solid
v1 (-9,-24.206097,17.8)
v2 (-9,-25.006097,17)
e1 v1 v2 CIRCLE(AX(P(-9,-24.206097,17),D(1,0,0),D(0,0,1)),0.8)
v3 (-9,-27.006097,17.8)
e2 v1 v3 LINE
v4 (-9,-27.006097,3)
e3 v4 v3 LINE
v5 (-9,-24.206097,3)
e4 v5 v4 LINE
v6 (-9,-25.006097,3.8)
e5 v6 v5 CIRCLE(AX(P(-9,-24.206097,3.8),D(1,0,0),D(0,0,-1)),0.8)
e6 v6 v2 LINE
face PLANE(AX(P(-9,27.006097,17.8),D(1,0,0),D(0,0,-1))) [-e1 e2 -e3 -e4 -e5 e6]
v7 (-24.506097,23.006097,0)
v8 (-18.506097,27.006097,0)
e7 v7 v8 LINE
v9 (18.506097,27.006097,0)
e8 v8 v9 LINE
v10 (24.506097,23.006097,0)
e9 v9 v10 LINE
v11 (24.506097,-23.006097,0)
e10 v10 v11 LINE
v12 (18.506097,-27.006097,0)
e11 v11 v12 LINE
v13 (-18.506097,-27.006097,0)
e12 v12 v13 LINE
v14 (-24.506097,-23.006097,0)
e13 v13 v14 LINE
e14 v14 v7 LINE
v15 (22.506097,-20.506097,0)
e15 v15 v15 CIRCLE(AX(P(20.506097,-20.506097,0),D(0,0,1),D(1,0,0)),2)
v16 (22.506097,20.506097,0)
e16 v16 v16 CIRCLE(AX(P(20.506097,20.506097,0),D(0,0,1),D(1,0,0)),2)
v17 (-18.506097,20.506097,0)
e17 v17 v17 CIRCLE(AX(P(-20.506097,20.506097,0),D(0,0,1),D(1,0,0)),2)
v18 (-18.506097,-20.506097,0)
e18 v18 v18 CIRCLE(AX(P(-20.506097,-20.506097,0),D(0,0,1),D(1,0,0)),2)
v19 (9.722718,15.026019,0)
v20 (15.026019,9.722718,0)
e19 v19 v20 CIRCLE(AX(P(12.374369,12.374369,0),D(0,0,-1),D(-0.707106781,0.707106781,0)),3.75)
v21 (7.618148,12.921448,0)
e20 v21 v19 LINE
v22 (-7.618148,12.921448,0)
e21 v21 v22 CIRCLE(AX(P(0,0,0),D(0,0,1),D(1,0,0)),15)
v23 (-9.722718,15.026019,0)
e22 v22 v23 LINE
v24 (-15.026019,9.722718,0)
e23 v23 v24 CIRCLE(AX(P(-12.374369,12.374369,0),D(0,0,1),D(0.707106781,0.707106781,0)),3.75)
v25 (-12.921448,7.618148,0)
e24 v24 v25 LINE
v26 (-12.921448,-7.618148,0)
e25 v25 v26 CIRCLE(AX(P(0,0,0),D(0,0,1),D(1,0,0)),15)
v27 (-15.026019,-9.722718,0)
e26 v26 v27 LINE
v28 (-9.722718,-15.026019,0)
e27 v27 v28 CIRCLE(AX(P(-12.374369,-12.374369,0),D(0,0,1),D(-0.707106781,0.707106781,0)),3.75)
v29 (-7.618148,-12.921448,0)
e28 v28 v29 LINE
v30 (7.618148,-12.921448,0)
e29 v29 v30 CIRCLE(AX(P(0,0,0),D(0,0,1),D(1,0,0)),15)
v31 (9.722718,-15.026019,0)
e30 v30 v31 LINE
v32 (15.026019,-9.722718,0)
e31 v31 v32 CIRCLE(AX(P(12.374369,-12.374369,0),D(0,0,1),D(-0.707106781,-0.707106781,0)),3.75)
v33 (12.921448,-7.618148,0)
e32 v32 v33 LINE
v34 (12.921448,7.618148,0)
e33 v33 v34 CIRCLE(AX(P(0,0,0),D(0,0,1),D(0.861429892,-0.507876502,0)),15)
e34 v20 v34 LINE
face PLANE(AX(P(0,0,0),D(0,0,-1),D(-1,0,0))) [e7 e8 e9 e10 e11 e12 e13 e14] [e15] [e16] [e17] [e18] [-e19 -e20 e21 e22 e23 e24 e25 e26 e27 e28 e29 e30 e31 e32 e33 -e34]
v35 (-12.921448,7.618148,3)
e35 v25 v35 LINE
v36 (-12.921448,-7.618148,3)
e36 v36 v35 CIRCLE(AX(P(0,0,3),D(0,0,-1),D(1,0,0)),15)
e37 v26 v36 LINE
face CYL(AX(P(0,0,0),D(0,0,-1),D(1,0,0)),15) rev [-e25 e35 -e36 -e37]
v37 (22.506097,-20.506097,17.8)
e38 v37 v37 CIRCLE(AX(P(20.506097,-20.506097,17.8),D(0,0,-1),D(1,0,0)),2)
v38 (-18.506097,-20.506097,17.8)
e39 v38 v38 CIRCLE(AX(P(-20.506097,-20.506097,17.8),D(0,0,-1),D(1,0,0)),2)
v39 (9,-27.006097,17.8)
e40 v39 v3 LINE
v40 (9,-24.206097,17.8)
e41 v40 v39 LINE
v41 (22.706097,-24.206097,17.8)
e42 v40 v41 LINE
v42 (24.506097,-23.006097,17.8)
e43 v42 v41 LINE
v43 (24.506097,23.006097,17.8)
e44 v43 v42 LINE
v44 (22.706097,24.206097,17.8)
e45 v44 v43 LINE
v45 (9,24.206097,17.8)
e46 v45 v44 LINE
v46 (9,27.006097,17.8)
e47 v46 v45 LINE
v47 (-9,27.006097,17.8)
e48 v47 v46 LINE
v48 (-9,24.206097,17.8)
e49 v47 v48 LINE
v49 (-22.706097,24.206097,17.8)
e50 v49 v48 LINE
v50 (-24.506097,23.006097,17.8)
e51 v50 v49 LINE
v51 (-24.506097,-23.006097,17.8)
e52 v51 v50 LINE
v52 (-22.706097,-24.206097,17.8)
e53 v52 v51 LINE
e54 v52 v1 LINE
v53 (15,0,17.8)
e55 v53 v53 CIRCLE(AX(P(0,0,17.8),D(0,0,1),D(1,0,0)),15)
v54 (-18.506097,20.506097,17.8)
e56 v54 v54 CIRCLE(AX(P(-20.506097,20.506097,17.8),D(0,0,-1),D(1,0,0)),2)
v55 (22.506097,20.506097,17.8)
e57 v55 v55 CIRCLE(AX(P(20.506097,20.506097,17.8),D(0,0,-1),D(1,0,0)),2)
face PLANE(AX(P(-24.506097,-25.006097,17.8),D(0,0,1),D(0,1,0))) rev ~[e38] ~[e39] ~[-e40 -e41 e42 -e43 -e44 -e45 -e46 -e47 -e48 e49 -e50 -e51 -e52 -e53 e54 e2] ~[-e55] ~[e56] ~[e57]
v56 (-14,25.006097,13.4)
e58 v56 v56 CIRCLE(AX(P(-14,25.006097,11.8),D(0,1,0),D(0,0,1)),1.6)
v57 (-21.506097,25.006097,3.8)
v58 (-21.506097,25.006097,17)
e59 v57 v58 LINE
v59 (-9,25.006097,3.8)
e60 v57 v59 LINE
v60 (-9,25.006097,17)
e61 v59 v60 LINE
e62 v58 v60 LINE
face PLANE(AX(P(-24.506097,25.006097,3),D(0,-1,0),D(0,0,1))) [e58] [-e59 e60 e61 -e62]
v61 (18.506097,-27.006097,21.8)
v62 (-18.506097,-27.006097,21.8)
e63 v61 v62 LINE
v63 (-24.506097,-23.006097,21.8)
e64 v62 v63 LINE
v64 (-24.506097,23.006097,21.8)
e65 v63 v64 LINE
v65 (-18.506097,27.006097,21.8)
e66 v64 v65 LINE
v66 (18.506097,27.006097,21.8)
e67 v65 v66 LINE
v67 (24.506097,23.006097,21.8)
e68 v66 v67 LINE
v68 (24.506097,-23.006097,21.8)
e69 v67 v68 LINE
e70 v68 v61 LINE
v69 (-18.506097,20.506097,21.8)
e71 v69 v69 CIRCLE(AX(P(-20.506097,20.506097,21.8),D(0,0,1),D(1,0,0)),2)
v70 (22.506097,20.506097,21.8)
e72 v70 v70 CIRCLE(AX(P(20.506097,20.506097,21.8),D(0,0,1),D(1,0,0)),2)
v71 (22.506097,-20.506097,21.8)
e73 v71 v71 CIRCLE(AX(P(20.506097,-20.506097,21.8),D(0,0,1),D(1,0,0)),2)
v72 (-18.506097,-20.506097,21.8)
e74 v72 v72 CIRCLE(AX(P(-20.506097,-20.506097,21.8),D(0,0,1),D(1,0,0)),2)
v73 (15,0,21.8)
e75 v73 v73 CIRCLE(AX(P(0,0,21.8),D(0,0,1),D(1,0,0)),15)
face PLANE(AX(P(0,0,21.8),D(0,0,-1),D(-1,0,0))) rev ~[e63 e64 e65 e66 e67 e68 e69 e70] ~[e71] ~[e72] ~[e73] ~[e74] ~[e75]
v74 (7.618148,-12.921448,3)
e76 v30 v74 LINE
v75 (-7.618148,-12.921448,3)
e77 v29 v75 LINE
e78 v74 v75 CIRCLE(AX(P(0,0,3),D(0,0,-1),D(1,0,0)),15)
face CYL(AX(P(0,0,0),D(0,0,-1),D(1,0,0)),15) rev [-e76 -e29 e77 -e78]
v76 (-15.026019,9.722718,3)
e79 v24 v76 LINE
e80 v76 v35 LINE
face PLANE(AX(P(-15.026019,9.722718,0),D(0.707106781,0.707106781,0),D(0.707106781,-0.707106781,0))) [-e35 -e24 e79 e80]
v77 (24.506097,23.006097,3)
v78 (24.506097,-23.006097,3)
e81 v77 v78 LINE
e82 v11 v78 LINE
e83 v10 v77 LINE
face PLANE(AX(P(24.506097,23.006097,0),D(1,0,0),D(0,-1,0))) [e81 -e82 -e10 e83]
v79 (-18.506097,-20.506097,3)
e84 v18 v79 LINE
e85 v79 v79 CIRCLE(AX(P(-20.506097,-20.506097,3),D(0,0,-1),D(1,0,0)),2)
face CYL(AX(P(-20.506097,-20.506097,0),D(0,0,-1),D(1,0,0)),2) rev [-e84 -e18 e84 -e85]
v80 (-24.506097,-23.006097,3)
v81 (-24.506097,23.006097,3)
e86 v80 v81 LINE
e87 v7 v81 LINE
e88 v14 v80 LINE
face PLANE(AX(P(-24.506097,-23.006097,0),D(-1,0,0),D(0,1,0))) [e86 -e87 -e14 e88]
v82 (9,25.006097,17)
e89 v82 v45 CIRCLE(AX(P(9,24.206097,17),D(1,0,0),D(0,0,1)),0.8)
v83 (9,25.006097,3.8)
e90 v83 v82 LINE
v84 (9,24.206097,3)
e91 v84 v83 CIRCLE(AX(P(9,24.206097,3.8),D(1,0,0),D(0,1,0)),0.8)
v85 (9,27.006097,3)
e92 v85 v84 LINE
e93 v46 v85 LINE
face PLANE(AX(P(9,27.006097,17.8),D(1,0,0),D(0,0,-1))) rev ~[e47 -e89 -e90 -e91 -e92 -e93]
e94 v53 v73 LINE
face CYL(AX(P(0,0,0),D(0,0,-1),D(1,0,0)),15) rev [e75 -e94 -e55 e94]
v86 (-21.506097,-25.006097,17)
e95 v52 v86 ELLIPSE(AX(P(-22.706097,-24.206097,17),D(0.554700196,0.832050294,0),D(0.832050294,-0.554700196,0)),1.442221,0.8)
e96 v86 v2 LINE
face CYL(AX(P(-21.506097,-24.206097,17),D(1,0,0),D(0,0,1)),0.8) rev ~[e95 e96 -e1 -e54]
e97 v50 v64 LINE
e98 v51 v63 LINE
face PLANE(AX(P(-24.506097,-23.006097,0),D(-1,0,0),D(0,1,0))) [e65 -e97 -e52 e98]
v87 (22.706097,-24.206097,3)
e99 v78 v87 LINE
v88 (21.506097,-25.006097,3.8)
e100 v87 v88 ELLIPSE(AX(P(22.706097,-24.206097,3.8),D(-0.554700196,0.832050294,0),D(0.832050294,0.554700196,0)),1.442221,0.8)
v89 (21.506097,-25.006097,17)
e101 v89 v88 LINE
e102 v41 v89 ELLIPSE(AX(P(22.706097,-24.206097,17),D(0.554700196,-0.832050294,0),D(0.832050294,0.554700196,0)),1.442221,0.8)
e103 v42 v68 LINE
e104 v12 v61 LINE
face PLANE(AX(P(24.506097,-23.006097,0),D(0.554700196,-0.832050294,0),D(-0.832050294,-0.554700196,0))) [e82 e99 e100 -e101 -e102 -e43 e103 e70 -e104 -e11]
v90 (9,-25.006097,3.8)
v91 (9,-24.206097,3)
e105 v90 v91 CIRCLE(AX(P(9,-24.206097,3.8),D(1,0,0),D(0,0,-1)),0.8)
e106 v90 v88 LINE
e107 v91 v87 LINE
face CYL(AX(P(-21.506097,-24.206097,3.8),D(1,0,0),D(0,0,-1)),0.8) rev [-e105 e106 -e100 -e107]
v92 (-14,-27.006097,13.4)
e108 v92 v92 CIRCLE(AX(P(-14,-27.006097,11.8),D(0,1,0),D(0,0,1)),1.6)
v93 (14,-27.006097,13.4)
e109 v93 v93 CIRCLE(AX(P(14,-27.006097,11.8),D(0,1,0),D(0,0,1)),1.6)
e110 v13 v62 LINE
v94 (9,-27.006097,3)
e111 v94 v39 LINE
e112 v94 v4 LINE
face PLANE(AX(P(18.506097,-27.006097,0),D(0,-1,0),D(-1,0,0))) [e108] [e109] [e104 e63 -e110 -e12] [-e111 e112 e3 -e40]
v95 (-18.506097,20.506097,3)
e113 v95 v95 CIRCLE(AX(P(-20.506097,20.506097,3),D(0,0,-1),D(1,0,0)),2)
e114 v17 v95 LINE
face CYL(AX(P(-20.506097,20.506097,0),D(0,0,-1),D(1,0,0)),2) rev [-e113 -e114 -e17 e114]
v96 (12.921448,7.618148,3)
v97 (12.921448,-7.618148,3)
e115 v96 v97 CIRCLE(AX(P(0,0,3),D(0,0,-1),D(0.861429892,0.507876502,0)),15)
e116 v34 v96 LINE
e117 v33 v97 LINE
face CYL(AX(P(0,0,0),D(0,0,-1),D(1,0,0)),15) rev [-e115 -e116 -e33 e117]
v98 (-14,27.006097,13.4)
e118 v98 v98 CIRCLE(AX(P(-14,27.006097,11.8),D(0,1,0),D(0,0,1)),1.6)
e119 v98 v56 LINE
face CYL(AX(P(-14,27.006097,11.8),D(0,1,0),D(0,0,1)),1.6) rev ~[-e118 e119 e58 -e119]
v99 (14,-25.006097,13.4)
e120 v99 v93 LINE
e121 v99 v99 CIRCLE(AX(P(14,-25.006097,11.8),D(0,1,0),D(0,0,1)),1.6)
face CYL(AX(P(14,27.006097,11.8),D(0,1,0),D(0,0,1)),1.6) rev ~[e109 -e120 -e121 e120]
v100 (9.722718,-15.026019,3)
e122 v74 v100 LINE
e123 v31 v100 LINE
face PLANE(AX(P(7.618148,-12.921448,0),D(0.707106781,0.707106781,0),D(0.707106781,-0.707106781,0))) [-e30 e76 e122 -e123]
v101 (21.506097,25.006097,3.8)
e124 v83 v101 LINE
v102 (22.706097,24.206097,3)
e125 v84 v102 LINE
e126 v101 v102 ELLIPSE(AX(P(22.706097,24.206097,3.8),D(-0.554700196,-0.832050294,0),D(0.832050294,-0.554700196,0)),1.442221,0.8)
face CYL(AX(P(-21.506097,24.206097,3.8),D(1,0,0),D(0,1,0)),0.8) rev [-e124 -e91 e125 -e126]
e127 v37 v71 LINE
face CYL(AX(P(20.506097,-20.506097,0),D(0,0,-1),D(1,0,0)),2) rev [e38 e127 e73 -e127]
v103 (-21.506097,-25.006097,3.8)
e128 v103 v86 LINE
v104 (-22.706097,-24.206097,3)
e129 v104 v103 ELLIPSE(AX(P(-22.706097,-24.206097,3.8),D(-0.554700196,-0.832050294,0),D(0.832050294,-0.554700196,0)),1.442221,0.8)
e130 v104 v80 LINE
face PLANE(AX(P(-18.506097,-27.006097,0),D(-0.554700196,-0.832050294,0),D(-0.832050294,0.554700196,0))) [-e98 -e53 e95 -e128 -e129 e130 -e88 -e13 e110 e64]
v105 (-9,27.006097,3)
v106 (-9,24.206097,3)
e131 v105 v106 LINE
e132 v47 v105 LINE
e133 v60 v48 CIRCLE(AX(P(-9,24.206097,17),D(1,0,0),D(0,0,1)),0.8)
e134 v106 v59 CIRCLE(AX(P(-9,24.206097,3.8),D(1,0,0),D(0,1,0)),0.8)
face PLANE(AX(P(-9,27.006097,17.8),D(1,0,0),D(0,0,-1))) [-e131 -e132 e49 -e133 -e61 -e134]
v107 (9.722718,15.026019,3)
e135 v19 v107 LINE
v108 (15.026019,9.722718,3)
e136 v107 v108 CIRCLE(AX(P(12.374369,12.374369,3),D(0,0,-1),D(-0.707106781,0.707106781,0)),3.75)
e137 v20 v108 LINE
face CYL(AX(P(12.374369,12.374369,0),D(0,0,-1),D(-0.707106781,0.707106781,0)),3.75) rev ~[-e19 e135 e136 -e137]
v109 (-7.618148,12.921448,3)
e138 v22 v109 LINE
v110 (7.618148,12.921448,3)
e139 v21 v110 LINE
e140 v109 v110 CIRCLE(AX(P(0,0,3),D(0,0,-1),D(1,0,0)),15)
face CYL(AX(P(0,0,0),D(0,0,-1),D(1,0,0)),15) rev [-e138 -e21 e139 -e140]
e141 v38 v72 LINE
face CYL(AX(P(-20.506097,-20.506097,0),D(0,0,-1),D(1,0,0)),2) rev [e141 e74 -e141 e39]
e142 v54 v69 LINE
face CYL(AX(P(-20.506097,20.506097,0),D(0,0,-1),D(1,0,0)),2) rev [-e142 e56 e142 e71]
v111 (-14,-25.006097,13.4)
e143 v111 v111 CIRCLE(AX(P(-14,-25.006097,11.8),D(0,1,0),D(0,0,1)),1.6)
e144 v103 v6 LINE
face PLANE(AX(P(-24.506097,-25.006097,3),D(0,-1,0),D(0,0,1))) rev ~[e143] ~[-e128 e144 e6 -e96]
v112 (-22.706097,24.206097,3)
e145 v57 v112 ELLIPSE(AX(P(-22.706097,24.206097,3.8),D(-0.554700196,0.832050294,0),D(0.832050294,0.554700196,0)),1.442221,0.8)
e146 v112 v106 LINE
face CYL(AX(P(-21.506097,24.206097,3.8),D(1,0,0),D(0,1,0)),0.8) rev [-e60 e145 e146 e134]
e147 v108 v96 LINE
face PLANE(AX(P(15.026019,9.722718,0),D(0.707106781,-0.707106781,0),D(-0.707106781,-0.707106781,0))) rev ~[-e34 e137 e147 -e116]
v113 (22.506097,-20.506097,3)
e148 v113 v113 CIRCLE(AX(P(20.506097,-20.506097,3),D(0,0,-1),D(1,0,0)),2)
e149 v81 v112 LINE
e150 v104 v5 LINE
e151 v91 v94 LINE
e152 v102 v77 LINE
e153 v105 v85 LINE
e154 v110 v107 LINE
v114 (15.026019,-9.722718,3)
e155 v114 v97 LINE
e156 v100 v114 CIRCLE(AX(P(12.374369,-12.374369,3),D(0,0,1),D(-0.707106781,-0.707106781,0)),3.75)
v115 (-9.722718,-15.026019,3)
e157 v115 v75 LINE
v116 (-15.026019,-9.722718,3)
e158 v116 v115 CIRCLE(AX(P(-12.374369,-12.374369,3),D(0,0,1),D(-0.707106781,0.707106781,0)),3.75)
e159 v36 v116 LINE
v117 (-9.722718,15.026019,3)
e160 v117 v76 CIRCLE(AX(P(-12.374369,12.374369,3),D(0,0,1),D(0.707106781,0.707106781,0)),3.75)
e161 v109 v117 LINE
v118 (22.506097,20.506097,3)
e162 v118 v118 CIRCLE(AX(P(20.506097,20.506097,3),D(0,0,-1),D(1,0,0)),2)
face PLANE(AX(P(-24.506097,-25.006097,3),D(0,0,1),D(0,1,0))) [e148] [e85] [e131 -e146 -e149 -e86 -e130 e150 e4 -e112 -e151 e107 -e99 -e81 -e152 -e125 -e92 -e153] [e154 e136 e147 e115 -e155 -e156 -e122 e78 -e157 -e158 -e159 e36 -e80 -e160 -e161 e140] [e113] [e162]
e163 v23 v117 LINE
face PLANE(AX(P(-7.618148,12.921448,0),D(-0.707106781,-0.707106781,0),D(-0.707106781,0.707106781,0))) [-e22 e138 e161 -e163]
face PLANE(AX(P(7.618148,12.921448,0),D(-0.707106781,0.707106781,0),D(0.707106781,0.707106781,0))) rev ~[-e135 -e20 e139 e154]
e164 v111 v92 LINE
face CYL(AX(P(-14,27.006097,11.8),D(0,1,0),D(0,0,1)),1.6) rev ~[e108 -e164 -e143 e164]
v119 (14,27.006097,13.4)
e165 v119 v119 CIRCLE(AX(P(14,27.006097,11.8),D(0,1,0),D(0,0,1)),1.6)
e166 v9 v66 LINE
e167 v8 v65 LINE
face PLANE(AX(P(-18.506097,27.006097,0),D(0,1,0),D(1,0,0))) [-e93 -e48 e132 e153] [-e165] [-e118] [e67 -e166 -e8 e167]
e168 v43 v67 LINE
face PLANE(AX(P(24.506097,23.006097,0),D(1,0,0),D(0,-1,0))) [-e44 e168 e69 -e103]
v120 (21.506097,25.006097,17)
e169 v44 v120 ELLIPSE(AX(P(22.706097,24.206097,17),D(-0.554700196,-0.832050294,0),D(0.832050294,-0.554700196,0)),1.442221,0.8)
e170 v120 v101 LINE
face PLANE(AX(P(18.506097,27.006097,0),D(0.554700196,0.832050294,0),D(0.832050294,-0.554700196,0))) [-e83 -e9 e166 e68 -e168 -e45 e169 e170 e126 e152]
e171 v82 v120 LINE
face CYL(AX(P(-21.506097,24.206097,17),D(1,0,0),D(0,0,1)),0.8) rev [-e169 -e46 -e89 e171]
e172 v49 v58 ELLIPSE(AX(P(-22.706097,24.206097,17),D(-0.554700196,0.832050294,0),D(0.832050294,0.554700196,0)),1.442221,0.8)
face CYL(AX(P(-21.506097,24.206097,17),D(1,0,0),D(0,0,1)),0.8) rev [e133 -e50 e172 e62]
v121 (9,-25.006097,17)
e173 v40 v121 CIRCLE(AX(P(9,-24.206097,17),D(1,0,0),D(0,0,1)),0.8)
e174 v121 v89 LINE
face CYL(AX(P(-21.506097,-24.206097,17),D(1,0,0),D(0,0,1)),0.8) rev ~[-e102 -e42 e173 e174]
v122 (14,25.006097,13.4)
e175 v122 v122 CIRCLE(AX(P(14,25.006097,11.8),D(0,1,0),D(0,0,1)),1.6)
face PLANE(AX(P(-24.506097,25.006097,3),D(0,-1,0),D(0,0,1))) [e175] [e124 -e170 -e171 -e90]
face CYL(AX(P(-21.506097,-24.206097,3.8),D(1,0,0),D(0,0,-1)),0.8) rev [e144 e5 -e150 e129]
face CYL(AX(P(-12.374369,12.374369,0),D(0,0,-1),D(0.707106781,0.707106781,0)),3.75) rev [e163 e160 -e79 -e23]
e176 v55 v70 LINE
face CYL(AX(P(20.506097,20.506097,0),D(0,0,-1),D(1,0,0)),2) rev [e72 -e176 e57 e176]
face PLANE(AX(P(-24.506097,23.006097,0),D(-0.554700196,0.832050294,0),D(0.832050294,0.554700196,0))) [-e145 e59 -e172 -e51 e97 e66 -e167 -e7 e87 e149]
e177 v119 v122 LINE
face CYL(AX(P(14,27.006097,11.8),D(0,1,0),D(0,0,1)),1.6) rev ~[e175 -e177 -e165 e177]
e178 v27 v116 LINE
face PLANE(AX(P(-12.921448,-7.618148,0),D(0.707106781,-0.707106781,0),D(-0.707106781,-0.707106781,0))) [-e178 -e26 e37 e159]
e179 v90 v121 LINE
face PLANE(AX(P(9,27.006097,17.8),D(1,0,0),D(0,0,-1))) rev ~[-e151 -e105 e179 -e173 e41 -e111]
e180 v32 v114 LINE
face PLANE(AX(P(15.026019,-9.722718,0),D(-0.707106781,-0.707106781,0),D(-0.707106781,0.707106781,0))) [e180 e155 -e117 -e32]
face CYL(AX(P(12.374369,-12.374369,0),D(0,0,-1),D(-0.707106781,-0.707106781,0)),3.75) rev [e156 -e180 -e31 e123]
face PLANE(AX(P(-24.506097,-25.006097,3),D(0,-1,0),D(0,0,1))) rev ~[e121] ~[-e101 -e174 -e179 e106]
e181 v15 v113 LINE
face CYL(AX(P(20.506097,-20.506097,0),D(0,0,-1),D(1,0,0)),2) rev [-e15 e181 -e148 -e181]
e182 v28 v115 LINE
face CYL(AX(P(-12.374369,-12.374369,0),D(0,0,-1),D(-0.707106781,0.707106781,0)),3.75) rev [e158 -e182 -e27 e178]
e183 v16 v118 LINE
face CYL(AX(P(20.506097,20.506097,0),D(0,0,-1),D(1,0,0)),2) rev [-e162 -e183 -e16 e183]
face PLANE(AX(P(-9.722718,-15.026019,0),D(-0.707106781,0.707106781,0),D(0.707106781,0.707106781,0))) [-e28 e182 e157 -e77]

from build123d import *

# Parameters (mm, degrees)
SKETCH_1_R          = 15
SKETCH_1_R_2        = 2
EXTRUDE_1_DEPTH     = 21.8
SKETCH_2_W          = 14.8
SKETCH_2_H          = 50.012193308
CUT_EXTRUDE_1_DEPTH = 61.056343124
FILLET_1_R          = 0.8
SKETCH_3_R          = 1.6
CUT_EXTRUDE_2_DEPTH = 64.191026256
SKETCH_4_W          = 18
SKETCH_4_H          = 14.8
CUT_EXTRUDE_3_DEPTH = 64.191026256
CUT_EXTRUDE_4_DEPTH = 3


with BuildPart() as part:
    # 草图1 → 凸台-拉伸1 (new body)
    with BuildSketch(Plane.XY):
        Polygon((-24.506096654, 23.006096654), (-18.506096654, 27.006096654), (18.506096654, 27.006096654), (24.506096654, 23.006096654), (24.506096654, -23.006096654), (18.506096654, -27.006096654), (-18.506096654, -27.006096654), (-24.506096654, -23.006096654), align=None)
        Circle(SKETCH_1_R, mode=Mode.SUBTRACT)
        with Locations((-20.506096654, 20.506096654)):
            Circle(SKETCH_1_R_2, mode=Mode.SUBTRACT)
        with Locations((20.506096654, 20.506096654)):
            Circle(SKETCH_1_R_2, mode=Mode.SUBTRACT)
        with Locations((20.506096654, -20.506096654)):
            Circle(SKETCH_1_R_2, mode=Mode.SUBTRACT)
        with Locations((-20.506096654, -20.506096654)):
            Circle(SKETCH_1_R_2, mode=Mode.SUBTRACT)
    extrude(amount=EXTRUDE_1_DEPTH)

    # 草图2 → 切除-拉伸1 (cut, through all)
    with BuildSketch(Plane.ZY.offset(24.506096654)):
        with Locations((10.4, 0)):
            Rectangle(SKETCH_2_W, SKETCH_2_H)
    extrude(amount=-CUT_EXTRUDE_1_DEPTH, mode=Mode.SUBTRACT)

    # 圆角1
    fillet_1_edges = [part.edges().sort_by_distance(p)[0] for p in [
        (0, -25.006096654, 17.8),
        (0, 25.006096654, 3),
        (0, -25.006096654, 3),
        (0, 25.006096654, 17.8),
    ]]
    fillet(fillet_1_edges, radius=FILLET_1_R)

    # 草图3 → 切除-拉伸2 (cut, through all)
    with BuildSketch(Plane(origin=(0, 27.006096654, 0), x_dir=(1, 0, 0), z_dir=(0, 1, 0))):
        with Locations(Location((-14, -11.8, 0), (0, 0, 270))):
            Circle(SKETCH_3_R)
        with Locations(Location((14, -11.8, 0), (0, 0, 270))):
            Circle(SKETCH_3_R)
    extrude(amount=-CUT_EXTRUDE_2_DEPTH, mode=Mode.SUBTRACT)

    # 草图4 → 切除-拉伸3 (cut, through all)
    with BuildSketch(Plane(origin=(0, 27.006096654, 0), x_dir=(1, 0, 0), z_dir=(0, 1, 0))):
        with Locations((0, -10.4)):
            Rectangle(SKETCH_4_W, SKETCH_4_H)
    extrude(amount=-CUT_EXTRUDE_3_DEPTH, mode=Mode.SUBTRACT)

    # 草图5 → 切除-拉伸4 (cut)
    with BuildSketch(Plane(origin=(0, 0, 0), x_dir=(-1, 0, 0), z_dir=(0, 0, -1))):
        with BuildLine():
            Line((-15.0260191, 9.722718241), (-12.921448383, 7.618147524))
            ThreePointArc((-12.921448383, 7.618147524), (-10.606601718, 10.606601718), (-7.618147524, 12.921448383))
            Line((-7.618147524, 12.921448383), (-9.722718241, 15.0260191))
            ThreePointArc((-9.722718241, 15.0260191), (-15.0260191, 15.0260191), (-15.0260191, 9.722718241))
        make_face()
        with BuildLine():
            Line((15.0260191, 9.722718241), (12.921448383, 7.618147524))
            ThreePointArc((12.921448383, 7.618147524), (10.606601718, 10.606601718), (7.618147524, 12.921448383))
            Line((7.618147524, 12.921448383), (9.722718241, 15.0260191))
            ThreePointArc((9.722718241, 15.0260191), (15.0260191, 15.0260191), (15.0260191, 9.722718241))
        make_face()
        with BuildLine():
            Line((9.722718241, -15.0260191), (7.618147524, -12.921448383))
            ThreePointArc((7.618147524, -12.921448383), (10.606601718, -10.606601718), (12.921448383, -7.618147524))
            Line((12.921448383, -7.618147524), (15.0260191, -9.722718241))
            ThreePointArc((15.0260191, -9.722718241), (15.0260191, -15.0260191), (9.722718241, -15.0260191))
        make_face()
        with BuildLine():
            Line((-15.0260191, -9.722718241), (-12.921448383, -7.618147524))
            ThreePointArc((-12.921448383, -7.618147524), (-10.606601718, -10.606601718), (-7.618147524, -12.921448383))
            Line((-7.618147524, -12.921448383), (-9.722718241, -15.0260191))
            ThreePointArc((-9.722718241, -15.0260191), (-15.0260191, -15.0260191), (-15.0260191, -9.722718241))
        make_face()
    extrude(amount=-CUT_EXTRUDE_4_DEPTH, mode=Mode.SUBTRACT)


solid = part.part
